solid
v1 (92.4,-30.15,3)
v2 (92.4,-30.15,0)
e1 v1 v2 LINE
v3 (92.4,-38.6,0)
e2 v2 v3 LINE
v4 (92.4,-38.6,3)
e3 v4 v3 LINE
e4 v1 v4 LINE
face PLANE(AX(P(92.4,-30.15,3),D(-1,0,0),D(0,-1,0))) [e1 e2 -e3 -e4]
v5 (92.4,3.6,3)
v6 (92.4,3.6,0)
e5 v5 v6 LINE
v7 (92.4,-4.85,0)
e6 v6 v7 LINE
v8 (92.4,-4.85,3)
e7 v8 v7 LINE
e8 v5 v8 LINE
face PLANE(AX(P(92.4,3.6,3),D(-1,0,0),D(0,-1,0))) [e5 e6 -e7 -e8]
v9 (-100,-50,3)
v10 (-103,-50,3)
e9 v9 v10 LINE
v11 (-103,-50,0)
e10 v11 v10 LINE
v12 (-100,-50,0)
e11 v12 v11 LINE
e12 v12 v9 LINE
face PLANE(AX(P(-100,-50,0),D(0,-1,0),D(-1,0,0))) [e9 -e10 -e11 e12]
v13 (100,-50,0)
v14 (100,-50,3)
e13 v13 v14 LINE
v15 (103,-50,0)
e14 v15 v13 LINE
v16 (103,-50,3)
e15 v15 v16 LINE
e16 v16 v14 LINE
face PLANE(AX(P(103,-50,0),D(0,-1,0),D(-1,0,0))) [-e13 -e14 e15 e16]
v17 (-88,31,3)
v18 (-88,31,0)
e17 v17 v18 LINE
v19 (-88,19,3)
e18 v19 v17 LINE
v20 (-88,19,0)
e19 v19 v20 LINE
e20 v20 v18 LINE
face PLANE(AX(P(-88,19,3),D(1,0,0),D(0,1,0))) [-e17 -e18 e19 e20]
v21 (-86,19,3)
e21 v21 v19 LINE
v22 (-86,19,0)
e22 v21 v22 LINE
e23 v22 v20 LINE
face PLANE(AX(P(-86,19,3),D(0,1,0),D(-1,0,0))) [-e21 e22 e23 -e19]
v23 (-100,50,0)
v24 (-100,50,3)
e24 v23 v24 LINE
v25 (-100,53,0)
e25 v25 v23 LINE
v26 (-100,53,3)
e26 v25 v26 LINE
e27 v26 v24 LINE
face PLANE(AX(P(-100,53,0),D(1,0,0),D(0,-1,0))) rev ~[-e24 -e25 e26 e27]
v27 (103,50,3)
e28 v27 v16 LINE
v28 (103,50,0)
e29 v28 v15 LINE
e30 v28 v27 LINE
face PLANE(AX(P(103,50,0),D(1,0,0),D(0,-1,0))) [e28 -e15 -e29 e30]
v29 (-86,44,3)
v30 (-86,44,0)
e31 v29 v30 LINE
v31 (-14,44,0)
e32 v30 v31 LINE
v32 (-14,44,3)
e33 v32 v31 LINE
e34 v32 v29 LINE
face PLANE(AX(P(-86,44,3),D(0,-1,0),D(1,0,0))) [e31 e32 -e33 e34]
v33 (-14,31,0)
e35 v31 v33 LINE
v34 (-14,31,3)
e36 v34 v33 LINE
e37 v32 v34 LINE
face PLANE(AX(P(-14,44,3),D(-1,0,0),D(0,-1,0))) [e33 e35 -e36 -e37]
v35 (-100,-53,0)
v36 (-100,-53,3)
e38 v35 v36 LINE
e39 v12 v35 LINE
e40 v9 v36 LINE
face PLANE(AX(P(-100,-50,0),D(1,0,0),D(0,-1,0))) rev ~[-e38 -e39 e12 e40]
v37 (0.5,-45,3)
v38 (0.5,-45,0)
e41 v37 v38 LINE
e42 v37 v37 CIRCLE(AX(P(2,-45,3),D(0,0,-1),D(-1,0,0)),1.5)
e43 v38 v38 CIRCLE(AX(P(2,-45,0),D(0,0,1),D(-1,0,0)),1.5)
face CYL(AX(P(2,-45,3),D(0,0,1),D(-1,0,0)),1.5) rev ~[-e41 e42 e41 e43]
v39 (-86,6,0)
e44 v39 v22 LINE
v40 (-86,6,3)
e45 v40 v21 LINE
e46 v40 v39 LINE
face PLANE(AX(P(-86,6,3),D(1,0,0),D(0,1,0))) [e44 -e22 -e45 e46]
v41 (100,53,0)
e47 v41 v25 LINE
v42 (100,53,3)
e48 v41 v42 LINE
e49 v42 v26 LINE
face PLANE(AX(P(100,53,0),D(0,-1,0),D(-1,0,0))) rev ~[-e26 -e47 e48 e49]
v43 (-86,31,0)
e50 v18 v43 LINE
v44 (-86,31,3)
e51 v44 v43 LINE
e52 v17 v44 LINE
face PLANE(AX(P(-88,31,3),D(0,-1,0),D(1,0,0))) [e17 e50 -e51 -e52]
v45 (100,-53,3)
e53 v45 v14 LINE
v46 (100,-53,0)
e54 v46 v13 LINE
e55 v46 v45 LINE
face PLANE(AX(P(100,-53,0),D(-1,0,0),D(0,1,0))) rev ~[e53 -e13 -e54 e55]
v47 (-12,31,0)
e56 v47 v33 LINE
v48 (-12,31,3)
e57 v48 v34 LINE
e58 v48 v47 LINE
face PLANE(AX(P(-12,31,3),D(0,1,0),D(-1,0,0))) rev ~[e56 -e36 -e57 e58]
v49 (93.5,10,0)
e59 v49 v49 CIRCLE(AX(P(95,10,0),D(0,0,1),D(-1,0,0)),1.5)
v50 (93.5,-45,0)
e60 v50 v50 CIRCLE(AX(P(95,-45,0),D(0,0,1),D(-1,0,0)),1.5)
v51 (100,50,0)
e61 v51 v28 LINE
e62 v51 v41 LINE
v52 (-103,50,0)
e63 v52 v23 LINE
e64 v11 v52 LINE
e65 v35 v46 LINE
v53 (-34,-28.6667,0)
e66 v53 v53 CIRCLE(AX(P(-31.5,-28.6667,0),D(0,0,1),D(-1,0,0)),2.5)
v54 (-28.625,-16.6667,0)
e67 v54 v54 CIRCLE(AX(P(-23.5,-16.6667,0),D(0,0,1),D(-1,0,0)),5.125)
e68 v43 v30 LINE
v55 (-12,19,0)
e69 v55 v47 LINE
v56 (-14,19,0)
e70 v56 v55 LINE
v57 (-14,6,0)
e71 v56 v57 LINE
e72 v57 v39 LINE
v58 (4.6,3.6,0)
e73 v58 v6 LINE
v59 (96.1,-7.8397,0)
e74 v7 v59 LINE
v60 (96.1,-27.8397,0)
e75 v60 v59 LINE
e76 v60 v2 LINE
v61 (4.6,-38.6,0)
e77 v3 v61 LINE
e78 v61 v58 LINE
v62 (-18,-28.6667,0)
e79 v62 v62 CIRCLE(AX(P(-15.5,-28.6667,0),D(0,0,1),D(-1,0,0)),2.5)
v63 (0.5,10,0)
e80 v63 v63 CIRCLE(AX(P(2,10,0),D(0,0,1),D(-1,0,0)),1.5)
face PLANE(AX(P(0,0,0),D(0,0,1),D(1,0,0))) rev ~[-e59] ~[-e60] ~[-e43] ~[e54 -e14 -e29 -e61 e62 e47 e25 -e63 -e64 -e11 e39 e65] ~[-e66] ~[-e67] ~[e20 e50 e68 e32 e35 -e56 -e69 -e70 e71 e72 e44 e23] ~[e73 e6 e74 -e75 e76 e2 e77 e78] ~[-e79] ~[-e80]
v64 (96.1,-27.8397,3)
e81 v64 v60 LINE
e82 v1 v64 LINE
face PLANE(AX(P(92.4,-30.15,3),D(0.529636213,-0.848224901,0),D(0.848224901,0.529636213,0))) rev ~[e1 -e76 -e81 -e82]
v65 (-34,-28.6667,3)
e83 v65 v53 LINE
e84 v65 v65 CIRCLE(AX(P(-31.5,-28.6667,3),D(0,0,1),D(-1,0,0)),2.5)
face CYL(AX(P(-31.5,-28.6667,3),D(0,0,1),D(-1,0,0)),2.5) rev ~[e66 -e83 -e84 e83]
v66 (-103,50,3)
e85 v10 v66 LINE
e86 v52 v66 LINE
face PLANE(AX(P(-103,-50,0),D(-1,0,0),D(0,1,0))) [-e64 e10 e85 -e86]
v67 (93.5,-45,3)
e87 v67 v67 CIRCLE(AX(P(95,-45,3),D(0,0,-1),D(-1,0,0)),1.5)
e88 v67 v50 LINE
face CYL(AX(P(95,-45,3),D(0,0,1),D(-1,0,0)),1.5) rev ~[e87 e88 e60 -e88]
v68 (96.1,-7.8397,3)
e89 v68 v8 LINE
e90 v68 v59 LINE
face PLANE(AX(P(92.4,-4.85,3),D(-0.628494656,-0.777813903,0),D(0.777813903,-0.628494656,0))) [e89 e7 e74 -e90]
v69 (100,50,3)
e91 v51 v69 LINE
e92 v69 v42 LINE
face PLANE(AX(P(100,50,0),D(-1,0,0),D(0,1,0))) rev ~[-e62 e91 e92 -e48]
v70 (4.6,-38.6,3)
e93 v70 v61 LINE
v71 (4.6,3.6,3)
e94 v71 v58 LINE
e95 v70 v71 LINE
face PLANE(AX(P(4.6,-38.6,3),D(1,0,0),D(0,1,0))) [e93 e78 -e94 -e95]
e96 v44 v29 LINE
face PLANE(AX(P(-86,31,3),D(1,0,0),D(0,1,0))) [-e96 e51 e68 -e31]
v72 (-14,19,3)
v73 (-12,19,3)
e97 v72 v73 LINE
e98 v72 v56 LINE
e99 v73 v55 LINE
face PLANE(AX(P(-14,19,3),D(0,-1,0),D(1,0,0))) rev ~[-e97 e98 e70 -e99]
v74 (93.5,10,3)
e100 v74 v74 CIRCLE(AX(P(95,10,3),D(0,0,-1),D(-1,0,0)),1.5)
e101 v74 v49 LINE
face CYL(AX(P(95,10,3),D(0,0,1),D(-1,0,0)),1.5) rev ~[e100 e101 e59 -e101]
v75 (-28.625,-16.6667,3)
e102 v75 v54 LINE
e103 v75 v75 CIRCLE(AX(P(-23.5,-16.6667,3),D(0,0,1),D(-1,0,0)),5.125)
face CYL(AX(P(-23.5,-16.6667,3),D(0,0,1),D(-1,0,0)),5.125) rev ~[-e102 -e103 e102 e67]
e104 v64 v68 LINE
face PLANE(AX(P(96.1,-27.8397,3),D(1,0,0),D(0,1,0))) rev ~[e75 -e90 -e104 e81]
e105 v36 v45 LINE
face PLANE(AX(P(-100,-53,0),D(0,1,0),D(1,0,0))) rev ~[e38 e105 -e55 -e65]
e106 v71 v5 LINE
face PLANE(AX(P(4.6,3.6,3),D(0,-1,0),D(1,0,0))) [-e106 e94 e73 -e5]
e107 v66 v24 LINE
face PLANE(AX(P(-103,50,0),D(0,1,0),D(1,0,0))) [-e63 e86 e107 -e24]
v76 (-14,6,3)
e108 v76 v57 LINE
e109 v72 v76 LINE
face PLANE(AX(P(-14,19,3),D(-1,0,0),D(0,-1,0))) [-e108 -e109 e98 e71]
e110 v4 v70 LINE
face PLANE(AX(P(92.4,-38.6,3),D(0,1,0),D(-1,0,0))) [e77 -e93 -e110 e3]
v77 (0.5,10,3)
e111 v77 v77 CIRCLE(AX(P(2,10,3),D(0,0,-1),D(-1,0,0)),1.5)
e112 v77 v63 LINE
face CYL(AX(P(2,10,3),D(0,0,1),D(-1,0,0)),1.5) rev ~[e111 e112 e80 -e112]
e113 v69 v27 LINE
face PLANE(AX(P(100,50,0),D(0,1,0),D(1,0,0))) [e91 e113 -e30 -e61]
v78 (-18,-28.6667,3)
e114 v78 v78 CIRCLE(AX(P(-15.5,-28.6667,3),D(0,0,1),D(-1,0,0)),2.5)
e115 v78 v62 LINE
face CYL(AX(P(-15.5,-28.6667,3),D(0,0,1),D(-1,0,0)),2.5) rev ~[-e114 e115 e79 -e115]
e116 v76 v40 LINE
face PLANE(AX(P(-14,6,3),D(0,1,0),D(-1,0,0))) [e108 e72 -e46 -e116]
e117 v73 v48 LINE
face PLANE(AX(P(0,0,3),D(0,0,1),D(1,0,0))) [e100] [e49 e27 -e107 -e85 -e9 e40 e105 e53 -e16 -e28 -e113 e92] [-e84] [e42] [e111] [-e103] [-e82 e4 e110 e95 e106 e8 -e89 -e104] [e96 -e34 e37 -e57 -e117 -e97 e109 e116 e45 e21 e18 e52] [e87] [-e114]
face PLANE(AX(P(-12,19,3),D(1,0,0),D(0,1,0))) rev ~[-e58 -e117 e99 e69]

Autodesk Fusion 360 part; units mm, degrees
sketch "Esquisse1" plane through (0, 0, 0) normal (0, 0, 1) x (1, 0, 0)
  line L0 (103, -50) -> (-103, -50)
  line L1 (-103, -50) -> (-103, 50)
  line L2 (-103, 50) -> (103, 50)
  line L3 (103, 50) -> (103, -50)
  line L4 (103, -50) -> (-103, 50) construction
  line L5 (-103, -50) -> (103, 50) construction
  line L6 (-100, -53) -> (100, -53)
  line L7 (100, -53) -> (100, 53)
  line L8 (100, 53) -> (-100, 53)
  line L9 (-100, 53) -> (-100, -53)
  line L10 (-100, -53) -> (100, 53) construction
  line L11 (100, -53) -> (-100, 53) construction
  dimension "d1" = 206
  dimension "d2" = 100
  dimension "d41" = 200
  dimension "d42" = 106
extrude "Extrusion1" add sketch "Esquisse1" along normal blind 3
sketch "Esquisse3" plane through (0, 0, 3) normal (0, 0, 1) x (-1, 0, 0)
  line L0 (100, -50) -> (103, -50)
  line L1 (103, -50) -> (103, 50)
  line L2 (103, 50) -> (100, 50)
  line L3 (-103, 50) -> (-103, -50)
  line L4 (-4.6, -3.6) -> (-92.4, -3.6)
  line L5 (-92.4, -3.6) -> (-92.4, 38.6)
  line L6 (-92.4, 38.6) -> (-4.6, 38.6)
  line L7 (-4.6, 38.6) -> (-4.6, -3.6)
  line L8 (-4.6, -3.6) -> (-92.4, 38.6) construction
  line L9 (-92.4, -3.6) -> (-4.6, 38.6) construction
  line L10 (-2, -10) -> (-95, -10)
  line L11 (-95, -10) -> (-95, 45)
  line L12 (-95, 45) -> (-2, 45)
  line L13 (-2, 45) -> (-2, -10)
  line L14 (-2, -10) -> (-95, 45) construction
  line L15 (-95, -10) -> (-2, 45) construction
  line L16 (103, 50) -> (103, -50)
  line L17 (-100, -50) -> (-100, -53)
  line L18 (-100, -53) -> (100, -53)
  line L19 (100, -53) -> (100, -50)
  line L20 (100, 50) -> (100, 53)
  line L21 (100, 53) -> (-100, 53)
  line L22 (-100, 53) -> (-100, 50)
  line L23 (-100, 50) -> (-103, 50)
  line L24 (-103, -50) -> (-100, -50)
  circle A0 centre (-2, 45) radius 1.5
  circle A1 centre (-95, 45) radius 1.5
  circle A2 centre (-95, -10) radius 1.5
  circle A3 centre (-2, -10) radius 1.5
  line L25 (15.5, 40.6667) -> (31.5, 40.6667)
  line L26 (35.5, 36.6667) -> (35.5, 12.6667)
  line L27 (31.5, 8.6667) -> (15.5, 8.6667)
  line L28 (11.5, 12.6667) -> (11.5, 36.6667)
  line L29 (11.5, 40.6667) -> (35.5, 8.6667) construction
  line L30 (35.5, 40.6667) -> (11.5, 8.6667) construction
  circle A4 centre (31.5, 28.6667) radius 2.5
  circle A5 centre (15.5, 28.6667) radius 2.5
  arc A6 (31.5, 8.6667) -> (35.5, 12.6667) centre (31.5, 12.6667) ccw
  arc A7 (11.5, 12.6667) -> (15.5, 8.6667) centre (15.5, 12.6667) ccw
  arc A8 (15.5, 40.6667) -> (11.5, 36.6667) centre (15.5, 36.6667) ccw
  arc A9 (35.5, 36.6667) -> (31.5, 40.6667) centre (31.5, 36.6667) ccw
  circle A10 centre (23.5, 16.6667) radius 5.125
  line L31 (100, 53) -> (-100, 53)
  line L32 (14, -6) -> (86, -6)
  line L33 (86, -6) -> (86, -44)
  line L34 (86, -44) -> (14, -44)
  line L35 (14, -44) -> (14, -6)
  line L36 (14, -6) -> (86, -44) construction
  line L37 (86, -6) -> (14, -44) construction
  line L38 (-92.4, 30.15) -> (-96.1, 30.15)
  line L39 (-96.1, 30.15) -> (-96.1, 4.85)
  line L40 (-96.1, 4.85) -> (-92.4, 4.85)
  line L41 (-92.4, 4.85) -> (-92.4, 30.15)
  line L42 (-92.4, 30.15) -> (-96.1, 4.85) construction
  line L43 (-96.1, 30.15) -> (-92.4, 4.85) construction
  line L44 (-92.4, 4.85) -> (-96.1, 7.8397)
  line L45 (-92.4, 30.15) -> (-96.1, 27.8397)
  line L46 (14, -19) -> (12, -19)
  line L47 (12, -19) -> (12, -31)
  line L48 (12, -31) -> (14, -31)
  line L49 (14, -31) -> (14, -19)
  line L50 (14, -19) -> (12, -31) construction
  line L51 (12, -19) -> (14, -31) construction
  line L52 (50, -25) -> (50, -44)
  line L53 (86, -19) -> (88, -19)
  line L54 (86, -31) -> (86, -19)
  line L55 (88, -31) -> (86, -31)
  line L56 (88, -19) -> (86, -31) construction
  line L57 (88, -19) -> (88, -31)
  line L58 (86, -19) -> (88, -31) construction
  point P0 (-48.5, 17.5)
  point P1 (-48.5, 17.5)
  point P2 (23.5, 24.6667)
  point P3 (50, -25)
  point P4 (-94.25, 17.5)
  point P5 (13, -25)
  point P6 (87, -25)
  dimension "d26" = 3
  dimension "d27" = 100
  dimension "d30" = 87.8
  dimension "d31" = 42.2
  dimension "d34" = 93
  dimension "d35" = 55
  dimension "d44" = 3
  dimension "d45" = 3
  dimension "d46" = 3
  dimension "d47" = 3
  dimension "d48" = 24
  dimension "d49" = 32
  dimension "d50" = 5
  dimension "d51" = 12
  dimension "d52" = 4
  dimension "d53" = 5
  dimension "d54" = 12
  dimension "d55" = 4
  dimension "d56" = 4
  dimension "d57" = 4
  dimension "d58" = 4
  dimension "d59" = 4
  dimension "d60" = 10.25
  dimension "d61" = 8
  dimension "d62" = 12
  dimension "d63" = 8
  dimension "d64" = 8
  dimension "d65" = 72
  dimension "d66" = 38
  dimension "d67" = 53
  dimension "d68" = 200
  dimension "d69" = 79.5
  dimension "d70" = 28
  dimension "d71" = 36.3333
  dimension "d72" = 25.3
  dimension "d73" = 3.7
  dimension "d74" = 21.1
  dimension "d75" = 20
  dimension "d76" = 12
  dimension "d77" = 2
  dimension "d78" = 19
extrude "Extrusion3" cut sketch "Esquisse3" against normal blind 3 contours L4 L5 L6 L7 L41 | L5 L11 L41 L44 L45 | L11 L39 L44 L45 | L10 L11 A2 | L10 L11 A2 | L11 L12 A1 | L11 L12 A1 | L10 L13 A3 | L10 L13 A3 | L12 L13 A0 | L12 L13 A0 | A4 | A5 | A10 | L32 L33 L34 L35 L49 L54 | L35 L46 L47 L48 L49 | L33 L53 L54 L55 L57
equation "d30 = 87.3 mm + 0.5 mm"
equation "d31 = 41.7 mm + 0.5 mm"
equation "d52 = ( d48 - 16 mm ) / 2"
equation "d54 = d51"
equation "d55 = d52"
equation "d57 = d56"
equation "d58 = d57"
equation "d59 = d56"
equation "d62 = d48 / 2"
equation "d67 = d68 / 4 + 3 mm"
equation "d69 = d67 * 3 / 2"
equation "d70 = d27 / 4 + 3 mm"
equation "d71 = d27 / 3 + 3 mm"
equation "d74 = d31 / 2"
equation "d78 = d66 / 2"
